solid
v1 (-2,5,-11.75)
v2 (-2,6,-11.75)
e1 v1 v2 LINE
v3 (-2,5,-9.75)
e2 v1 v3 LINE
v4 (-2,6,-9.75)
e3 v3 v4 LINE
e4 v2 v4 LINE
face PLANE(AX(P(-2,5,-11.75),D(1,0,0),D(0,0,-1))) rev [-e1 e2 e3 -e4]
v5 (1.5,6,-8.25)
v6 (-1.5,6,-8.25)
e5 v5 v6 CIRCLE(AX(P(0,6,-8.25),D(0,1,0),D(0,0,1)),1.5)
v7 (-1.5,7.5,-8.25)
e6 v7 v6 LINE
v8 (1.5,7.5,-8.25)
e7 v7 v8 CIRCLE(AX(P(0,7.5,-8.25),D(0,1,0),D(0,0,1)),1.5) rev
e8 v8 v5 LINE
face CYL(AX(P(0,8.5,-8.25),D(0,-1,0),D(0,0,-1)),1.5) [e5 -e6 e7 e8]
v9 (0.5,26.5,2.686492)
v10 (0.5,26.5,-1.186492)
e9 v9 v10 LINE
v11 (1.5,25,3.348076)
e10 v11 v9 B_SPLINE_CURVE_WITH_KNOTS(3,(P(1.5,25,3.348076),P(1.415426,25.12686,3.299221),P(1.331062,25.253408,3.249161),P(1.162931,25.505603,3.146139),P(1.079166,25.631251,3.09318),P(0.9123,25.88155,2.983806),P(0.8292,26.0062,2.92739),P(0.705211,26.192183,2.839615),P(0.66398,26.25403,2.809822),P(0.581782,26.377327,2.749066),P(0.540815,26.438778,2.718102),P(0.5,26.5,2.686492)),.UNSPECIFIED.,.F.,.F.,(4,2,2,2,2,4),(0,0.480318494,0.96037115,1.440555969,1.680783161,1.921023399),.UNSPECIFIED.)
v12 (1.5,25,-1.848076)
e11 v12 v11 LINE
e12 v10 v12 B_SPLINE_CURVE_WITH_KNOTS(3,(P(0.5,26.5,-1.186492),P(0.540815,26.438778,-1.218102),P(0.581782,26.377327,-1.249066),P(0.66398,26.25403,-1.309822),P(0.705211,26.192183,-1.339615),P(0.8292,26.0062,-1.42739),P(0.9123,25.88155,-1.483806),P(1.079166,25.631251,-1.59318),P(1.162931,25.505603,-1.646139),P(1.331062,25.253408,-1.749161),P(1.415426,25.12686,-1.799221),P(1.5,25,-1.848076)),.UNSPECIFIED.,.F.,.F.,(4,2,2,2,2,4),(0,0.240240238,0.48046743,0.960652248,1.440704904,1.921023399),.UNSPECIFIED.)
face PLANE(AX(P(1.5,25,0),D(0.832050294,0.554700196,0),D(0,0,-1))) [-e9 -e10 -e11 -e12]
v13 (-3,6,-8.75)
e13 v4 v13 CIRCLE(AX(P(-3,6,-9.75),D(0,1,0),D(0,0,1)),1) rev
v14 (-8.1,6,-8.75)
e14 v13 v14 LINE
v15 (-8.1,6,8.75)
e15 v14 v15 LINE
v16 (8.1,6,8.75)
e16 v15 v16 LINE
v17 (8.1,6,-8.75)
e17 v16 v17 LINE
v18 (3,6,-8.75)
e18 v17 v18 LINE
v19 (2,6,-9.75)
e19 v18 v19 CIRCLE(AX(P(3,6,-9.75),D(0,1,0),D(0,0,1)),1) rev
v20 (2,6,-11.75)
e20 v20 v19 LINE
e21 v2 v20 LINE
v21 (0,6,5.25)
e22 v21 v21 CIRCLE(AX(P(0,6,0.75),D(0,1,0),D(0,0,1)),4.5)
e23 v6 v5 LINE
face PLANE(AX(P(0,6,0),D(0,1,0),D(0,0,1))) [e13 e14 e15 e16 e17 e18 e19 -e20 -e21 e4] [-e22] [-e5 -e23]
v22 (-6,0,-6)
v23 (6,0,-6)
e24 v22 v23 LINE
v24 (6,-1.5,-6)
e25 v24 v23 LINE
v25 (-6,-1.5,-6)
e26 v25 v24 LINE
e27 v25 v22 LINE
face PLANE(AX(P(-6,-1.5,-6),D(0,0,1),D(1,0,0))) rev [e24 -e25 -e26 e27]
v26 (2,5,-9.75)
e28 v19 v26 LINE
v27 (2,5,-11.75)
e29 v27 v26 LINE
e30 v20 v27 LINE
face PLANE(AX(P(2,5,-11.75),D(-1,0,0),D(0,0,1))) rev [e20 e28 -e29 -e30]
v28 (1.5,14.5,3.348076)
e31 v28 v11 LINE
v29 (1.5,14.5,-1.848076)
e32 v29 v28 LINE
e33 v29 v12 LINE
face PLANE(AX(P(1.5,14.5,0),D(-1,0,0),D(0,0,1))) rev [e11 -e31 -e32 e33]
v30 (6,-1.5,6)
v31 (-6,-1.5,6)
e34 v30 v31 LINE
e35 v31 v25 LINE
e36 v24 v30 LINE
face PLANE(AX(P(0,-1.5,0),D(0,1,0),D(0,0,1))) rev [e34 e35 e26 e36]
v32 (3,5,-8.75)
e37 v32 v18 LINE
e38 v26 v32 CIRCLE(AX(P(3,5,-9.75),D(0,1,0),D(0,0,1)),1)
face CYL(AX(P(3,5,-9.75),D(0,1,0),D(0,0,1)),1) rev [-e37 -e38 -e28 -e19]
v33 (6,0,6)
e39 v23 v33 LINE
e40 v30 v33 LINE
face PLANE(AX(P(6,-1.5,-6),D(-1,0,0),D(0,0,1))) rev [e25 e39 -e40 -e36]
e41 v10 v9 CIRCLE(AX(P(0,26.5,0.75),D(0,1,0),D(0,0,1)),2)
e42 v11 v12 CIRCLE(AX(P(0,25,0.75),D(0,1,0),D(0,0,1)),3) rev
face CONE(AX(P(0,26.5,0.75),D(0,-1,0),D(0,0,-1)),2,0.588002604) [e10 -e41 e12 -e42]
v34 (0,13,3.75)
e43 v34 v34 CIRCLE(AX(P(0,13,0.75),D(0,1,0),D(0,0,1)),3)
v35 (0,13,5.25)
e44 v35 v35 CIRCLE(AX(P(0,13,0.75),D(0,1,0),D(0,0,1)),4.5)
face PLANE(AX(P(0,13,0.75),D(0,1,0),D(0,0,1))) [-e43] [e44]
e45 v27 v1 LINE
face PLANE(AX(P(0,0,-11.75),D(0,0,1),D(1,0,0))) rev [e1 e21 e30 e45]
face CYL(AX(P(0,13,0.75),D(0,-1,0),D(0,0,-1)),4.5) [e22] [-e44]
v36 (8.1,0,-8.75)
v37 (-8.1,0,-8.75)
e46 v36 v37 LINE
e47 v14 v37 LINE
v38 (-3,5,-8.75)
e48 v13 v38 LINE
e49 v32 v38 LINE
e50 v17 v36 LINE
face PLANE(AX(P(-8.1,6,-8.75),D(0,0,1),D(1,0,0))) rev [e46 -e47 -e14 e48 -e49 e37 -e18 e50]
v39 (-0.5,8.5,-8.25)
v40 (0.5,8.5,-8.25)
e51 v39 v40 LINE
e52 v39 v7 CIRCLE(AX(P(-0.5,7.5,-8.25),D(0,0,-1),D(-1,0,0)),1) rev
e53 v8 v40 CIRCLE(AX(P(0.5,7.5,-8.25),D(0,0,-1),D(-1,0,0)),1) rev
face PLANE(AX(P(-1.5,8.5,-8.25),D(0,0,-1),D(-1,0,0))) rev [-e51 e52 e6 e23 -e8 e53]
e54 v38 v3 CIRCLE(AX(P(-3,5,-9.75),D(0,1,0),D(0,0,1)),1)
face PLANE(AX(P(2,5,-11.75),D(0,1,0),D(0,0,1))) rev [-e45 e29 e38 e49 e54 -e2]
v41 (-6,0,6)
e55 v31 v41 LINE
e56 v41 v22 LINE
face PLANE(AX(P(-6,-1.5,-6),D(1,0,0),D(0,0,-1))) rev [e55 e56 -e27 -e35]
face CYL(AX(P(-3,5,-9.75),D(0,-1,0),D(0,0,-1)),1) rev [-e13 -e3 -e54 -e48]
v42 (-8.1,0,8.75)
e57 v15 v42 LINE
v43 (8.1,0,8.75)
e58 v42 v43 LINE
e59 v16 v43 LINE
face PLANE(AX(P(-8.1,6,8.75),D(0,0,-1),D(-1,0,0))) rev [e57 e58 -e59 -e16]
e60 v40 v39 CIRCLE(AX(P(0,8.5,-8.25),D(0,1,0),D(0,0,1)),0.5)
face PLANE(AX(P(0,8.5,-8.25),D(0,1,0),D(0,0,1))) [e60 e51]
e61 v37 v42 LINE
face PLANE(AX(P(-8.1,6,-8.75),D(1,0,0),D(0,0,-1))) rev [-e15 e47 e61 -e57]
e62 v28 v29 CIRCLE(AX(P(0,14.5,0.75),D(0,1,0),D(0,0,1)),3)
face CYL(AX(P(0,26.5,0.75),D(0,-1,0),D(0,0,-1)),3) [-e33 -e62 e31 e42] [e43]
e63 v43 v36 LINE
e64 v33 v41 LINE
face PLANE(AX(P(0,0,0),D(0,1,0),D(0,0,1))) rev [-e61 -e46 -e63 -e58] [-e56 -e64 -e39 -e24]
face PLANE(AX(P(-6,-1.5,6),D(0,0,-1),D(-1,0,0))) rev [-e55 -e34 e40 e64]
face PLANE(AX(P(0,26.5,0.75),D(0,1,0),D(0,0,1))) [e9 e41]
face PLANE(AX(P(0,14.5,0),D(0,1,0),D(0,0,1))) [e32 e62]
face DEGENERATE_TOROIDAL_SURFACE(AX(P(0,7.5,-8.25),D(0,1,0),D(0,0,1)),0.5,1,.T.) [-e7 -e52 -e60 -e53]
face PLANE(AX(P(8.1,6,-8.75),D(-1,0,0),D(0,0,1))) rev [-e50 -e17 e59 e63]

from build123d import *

# Parameters (mm, degrees)
SKETCH1_W           = 16.2
SKETCH1_H           = 17.5
BOSS_EXTRUDE1_DEPTH = 6
SKETCH2_W           = 12
SKETCH2_H           = 12
BOSS_EXTRUDE2_DEPTH = 1.5
SKETCH3_R           = 4.5
BOSS_EXTRUDE3_DEPTH = 7
SKETCH4_R           = 3
BOSS_EXTRUDE4_DEPTH = 13.5
CUT_EXTRUDE1_DEPTH  = 12
SKETCH6_W           = 4
SKETCH6_H           = 1
BOSS_EXTRUDE5_DEPTH = 3
FILLET1_R           = 1
CHAMFER1_SIZE       = 1.5
CHAMFER1_SIZE2      = 1
CHAMFER2_SIZE       = 1
CHAMFER2_SIZE2      = 1.5
BOSS_EXTRUDE6_DEPTH = 2.5
FILLET2_R           = 1


with BuildPart() as part:
    # Sketch1 → Boss-Extrude1 (new body)
    with BuildSketch(Plane(origin=(0, 0, 0), x_dir=(1, 0, 0), z_dir=(0, 1, 0))):
        Rectangle(SKETCH1_W, SKETCH1_H)
    extrude(amount=BOSS_EXTRUDE1_DEPTH)

    # Sketch2 → Boss-Extrude2 (add)
    with BuildSketch(Plane.XZ):
        Rectangle(SKETCH2_W, SKETCH2_H)
    extrude(amount=BOSS_EXTRUDE2_DEPTH)

    # Sketch3 → Boss-Extrude3 (add)
    with BuildSketch(Plane(origin=(0, 6, 0), x_dir=(1, 0, 0), z_dir=(0, 1, 0))):
        with Locations((0, -0.75)):
            Circle(SKETCH3_R)
    extrude(amount=BOSS_EXTRUDE3_DEPTH)

    # Sketch4 → Boss-Extrude4 (add)
    with BuildSketch(Plane(origin=(0, 13, 0), x_dir=(1, 0, 0), z_dir=(0, 1, 0))):
        with Locations((0, -0.75)):
            Circle(SKETCH4_R)
    extrude(amount=BOSS_EXTRUDE4_DEPTH)

    # Sketch5 → Cut-Extrude1 (cut)
    with BuildSketch(Plane(origin=(0, 26.5, 0), x_dir=(1, 0, 0), z_dir=(0, 1, 0))):
        with BuildLine():
            ThreePointArc((3, -0.75), (2.598076211, 0.75), (1.5, 1.848076211))
            Line((1.5, 1.848076211), (1.5, -3.348076211))
            ThreePointArc((1.5, -3.348076211), (2.598076211, -2.25), (3, -0.75))
        make_face()
    extrude(amount=-CUT_EXTRUDE1_DEPTH, mode=Mode.SUBTRACT)

    # Sketch6 → Boss-Extrude5 (add)
    with BuildSketch(Plane(origin=(0, 0, -8.75), x_dir=(-1, 0, 0), z_dir=(0, 0, -1))):
        with Locations((0, 5.5)):
            Rectangle(SKETCH6_W, SKETCH6_H)
    extrude(amount=BOSS_EXTRUDE5_DEPTH)

    # Fillet1
    fillet1_edges = [part.edges().sort_by_distance(p)[0] for p in [
        (-2, 5.5, -8.75),
        (2, 5.5, -8.75),
    ]]
    fillet(fillet1_edges, radius=FILLET1_R)

    # Chamfer1
    chamfer1_edges = [part.edges().sort_by_distance(p)[0] for p in [
        (-3, 26.5, 0.75),
    ]]
    chamfer1_side = [part.faces().sort_by_distance(p)[0] for p in [
        (-3, 19.75, 0.75),
    ]]
    chamfer(chamfer1_edges, length=CHAMFER1_SIZE, length2=CHAMFER1_SIZE2, reference=chamfer1_side[0])

    # Chamfer2
    chamfer2_edges = [part.edges().sort_by_distance(p)[0] for p in [
        (1.5, 26.5, 0.75),
    ]]
    chamfer2_side = [part.faces().sort_by_distance(p)[0] for p in [
        (-0.132366073, 26.5, 0.75),
    ]]
    chamfer(chamfer2_edges, length=CHAMFER2_SIZE, length2=CHAMFER2_SIZE2, reference=chamfer2_side[0])

    # Sketch7 → Boss-Extrude6 (add)
    with BuildSketch(Plane(origin=(0, 6, 0), x_dir=(1, 0, 0), z_dir=(0, 1, 0))):
        with BuildLine():
            Line((-1.5, 8.25), (1.5, 8.25))
            ThreePointArc((1.5, 8.25), (0, 9.75), (-1.5, 8.25))
        make_face()
    extrude(amount=BOSS_EXTRUDE6_DEPTH)

    # Fillet2
    fillet2_edges = [part.edges().sort_by_distance(p)[0] for p in [
        (0, 8.5, -9.75),
    ]]
    fillet(fillet2_edges, radius=FILLET2_R)


solid = part.part
